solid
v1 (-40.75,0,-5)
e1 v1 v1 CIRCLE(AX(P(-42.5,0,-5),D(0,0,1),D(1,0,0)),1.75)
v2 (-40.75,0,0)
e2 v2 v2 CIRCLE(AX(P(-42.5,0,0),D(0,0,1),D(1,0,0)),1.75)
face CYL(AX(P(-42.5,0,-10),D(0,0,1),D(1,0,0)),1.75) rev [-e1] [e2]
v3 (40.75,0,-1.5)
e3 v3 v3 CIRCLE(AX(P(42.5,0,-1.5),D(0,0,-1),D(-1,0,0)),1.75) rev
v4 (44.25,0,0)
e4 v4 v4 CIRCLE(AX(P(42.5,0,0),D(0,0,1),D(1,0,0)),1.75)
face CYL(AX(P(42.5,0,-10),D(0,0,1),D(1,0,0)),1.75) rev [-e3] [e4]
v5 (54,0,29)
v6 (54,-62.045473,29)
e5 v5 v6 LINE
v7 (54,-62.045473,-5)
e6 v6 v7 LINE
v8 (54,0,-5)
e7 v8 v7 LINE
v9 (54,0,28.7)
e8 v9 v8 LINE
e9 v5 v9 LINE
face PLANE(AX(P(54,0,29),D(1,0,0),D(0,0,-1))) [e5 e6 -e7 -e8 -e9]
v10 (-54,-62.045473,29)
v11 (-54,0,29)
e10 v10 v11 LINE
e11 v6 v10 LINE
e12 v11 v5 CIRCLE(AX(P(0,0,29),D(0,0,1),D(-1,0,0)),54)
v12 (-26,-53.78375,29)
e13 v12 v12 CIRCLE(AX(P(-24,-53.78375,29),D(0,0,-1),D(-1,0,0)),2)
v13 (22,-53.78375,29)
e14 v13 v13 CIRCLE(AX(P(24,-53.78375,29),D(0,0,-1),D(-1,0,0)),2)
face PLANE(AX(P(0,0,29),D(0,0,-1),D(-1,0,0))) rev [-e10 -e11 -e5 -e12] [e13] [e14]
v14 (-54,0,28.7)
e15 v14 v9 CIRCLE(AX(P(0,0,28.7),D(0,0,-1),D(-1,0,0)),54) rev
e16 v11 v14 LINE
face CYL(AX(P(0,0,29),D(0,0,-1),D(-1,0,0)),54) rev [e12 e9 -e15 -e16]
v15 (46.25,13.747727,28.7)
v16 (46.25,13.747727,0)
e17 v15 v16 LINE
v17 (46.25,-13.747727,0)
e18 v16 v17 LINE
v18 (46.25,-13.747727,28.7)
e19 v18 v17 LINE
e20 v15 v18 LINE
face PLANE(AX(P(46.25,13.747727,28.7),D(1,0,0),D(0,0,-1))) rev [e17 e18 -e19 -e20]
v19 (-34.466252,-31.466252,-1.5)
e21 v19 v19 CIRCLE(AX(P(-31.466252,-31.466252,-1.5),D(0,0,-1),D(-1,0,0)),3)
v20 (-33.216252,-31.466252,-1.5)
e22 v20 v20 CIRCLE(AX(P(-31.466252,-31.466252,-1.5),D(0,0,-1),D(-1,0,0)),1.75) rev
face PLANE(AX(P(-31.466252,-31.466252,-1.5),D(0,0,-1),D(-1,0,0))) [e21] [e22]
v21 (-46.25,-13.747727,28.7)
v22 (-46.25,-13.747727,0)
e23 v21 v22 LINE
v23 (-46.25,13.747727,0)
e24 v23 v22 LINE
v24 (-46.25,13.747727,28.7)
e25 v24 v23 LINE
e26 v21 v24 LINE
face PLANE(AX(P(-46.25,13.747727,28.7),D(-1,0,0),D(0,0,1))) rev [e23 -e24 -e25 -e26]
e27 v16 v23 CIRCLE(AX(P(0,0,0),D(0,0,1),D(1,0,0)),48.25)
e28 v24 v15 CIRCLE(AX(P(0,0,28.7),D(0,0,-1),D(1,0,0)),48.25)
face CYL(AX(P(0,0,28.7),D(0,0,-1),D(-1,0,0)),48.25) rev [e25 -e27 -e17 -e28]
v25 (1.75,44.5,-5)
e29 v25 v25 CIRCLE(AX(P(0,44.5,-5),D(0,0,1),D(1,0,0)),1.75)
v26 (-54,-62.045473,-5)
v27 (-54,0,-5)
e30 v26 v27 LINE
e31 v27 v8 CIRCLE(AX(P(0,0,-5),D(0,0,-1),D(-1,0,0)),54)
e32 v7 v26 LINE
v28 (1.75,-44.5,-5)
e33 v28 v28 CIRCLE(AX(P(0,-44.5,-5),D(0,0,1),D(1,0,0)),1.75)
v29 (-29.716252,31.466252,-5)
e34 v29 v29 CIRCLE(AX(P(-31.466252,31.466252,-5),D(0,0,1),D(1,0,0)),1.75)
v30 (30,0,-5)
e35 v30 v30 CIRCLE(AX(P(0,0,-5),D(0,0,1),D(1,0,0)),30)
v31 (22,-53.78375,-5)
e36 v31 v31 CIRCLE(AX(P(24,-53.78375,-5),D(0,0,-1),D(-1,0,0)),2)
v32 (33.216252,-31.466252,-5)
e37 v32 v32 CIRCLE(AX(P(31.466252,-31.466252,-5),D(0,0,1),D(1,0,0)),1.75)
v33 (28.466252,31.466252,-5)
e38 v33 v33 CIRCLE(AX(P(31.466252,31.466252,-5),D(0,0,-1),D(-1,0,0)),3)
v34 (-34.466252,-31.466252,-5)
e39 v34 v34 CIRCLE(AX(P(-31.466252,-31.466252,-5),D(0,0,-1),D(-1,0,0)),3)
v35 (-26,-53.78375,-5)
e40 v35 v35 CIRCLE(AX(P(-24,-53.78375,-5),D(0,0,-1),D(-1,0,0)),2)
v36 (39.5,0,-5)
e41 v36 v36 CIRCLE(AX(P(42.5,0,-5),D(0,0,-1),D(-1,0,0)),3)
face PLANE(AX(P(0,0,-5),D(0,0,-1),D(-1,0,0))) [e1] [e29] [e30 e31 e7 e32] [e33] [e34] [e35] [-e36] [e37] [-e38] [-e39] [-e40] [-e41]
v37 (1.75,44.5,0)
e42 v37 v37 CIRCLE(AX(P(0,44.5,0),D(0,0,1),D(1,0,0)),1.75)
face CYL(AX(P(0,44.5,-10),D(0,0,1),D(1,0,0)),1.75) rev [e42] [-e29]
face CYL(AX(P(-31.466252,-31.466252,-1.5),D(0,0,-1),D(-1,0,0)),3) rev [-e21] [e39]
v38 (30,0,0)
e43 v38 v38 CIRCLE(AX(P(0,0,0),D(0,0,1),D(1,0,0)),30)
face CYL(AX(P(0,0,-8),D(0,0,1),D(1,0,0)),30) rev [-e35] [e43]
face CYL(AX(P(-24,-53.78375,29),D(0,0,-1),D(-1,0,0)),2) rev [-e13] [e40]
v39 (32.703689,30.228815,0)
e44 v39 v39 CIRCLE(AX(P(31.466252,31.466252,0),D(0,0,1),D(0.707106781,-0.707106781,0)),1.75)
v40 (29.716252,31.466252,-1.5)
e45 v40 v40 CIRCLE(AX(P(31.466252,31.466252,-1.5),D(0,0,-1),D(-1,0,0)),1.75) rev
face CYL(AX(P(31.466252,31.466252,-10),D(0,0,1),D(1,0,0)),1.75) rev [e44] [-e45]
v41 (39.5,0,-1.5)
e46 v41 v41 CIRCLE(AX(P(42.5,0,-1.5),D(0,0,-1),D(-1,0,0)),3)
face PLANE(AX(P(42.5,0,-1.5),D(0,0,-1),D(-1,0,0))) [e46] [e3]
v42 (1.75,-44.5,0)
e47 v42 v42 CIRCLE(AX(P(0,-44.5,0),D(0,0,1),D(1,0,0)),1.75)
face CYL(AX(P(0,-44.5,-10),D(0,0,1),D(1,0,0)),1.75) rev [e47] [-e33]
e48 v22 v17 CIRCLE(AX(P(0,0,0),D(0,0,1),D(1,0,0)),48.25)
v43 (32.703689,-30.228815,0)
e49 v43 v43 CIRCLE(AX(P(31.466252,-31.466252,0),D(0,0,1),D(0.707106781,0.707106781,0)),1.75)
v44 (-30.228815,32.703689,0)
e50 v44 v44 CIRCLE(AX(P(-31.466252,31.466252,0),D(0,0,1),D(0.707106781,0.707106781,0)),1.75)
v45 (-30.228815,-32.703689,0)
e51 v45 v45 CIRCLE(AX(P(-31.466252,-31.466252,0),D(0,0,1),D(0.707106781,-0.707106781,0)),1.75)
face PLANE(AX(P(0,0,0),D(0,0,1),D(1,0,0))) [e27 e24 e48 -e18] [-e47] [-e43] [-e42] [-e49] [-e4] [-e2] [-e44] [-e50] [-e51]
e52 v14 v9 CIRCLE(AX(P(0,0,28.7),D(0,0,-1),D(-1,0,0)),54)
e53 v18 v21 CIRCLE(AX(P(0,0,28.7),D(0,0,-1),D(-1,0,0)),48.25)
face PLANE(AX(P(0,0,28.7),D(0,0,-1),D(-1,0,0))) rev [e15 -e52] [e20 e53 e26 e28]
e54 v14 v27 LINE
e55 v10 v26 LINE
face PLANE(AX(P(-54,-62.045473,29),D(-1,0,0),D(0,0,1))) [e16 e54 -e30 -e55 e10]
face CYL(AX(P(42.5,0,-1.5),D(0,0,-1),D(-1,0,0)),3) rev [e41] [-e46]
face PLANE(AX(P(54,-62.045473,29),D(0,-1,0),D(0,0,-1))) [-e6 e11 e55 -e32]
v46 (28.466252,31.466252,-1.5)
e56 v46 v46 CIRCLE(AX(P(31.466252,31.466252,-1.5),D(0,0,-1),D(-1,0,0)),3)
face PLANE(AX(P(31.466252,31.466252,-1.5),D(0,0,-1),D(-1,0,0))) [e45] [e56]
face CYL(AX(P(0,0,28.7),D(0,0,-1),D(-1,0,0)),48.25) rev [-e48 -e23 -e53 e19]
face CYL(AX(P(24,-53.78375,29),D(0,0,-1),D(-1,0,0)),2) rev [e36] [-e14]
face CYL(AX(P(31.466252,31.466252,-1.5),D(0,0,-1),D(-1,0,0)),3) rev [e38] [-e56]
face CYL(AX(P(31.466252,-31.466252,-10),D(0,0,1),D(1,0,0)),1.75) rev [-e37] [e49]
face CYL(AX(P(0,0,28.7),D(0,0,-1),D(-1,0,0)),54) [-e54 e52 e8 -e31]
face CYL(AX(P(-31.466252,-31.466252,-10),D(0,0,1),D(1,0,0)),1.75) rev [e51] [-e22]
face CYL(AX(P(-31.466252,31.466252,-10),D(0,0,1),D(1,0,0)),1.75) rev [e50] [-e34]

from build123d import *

# Parameters (mm, degrees)
SKETCH1_R           = 48.25
BOSS_EXTRUDE1_DEPTH = 5
SKETCH2_W           = 17.162038191
SKETCH2_H           = 56.822210482
SKETCH2_W_2         = 16.152506533
SKETCH2_H_2         = 65.186901365
CUT_EXTRUDE1_DEPTH  = 8
SKETCH3_R           = 30
CUT_EXTRUDE2_DEPTH  = 8
SKETCH4_R           = 1.75
CUT_EXTRUDE3_DEPTH  = 10
SKETCH6_R           = 1.75
CUT_EXTRUDE4_DEPTH  = 10
CIRPATTERN2_COUNT   = 2
CIRPATTERN2_ANGLE   = 45
CIRPATTERN3_COUNT   = 2
CIRPATTERN3_ANGLE   = 45
SKETCH7_R           = 1.75
CUT_EXTRUDE5_DEPTH  = 10
CIRPATTERN4_COUNT   = 2
CIRPATTERN4_ANGLE   = 45
CIRPATTERN5_COUNT   = 2
CIRPATTERN5_ANGLE   = 315
SKETCH8_R           = 54
BOSS_EXTRUDE3_DEPTH = 33.7
SKETCH10_R          = 3
CUT_EXTRUDE6_DEPTH  = 3.5
SKETCH12_R          = 3
CUT_EXTRUDE7_DEPTH  = 3.5
SKETCH11_R          = 3
CUT_EXTRUDE8_DEPTH  = 3.5
BOSS_EXTRUDE4_DEPTH = 34
SKETCH14_R          = 2
CUT_EXTRUDE9_DEPTH  = 34


with BuildPart() as part:
    # Sketch1 → Boss-Extrude1 (new body)
    with BuildSketch(Plane.XY):
        Circle(SKETCH1_R)
    extrude(amount=-BOSS_EXTRUDE1_DEPTH)

    # Sketch2 → Cut-Extrude1 (cut)
    with BuildSketch(Plane.XY):
        with Locations((-54.831019095, 0)):
            Rectangle(SKETCH2_W, SKETCH2_H)
        with Locations((54.326253267, -4.182345442)):
            Rectangle(SKETCH2_W_2, SKETCH2_H_2)
    extrude(amount=-CUT_EXTRUDE1_DEPTH, mode=Mode.SUBTRACT)

    # Sketch3 → Cut-Extrude2 (cut)
    with BuildSketch(Plane.XY):
        Circle(SKETCH3_R)
    extrude(amount=-CUT_EXTRUDE2_DEPTH, mode=Mode.SUBTRACT)

    # Sketch4 → Cut-Extrude3 (cut)
    with BuildSketch(Plane.XY):
        with Locations((-42.5, 0)):
            Circle(SKETCH4_R)
        with Locations((42.5, 0)):
            Circle(SKETCH4_R)
    extrude(amount=-CUT_EXTRUDE3_DEPTH, mode=Mode.SUBTRACT)

    # Sketch6 → Cut-Extrude4 (cut)
    with BuildSketch(Plane.XY):
        with Locations((0, 44.5)):
            Circle(SKETCH6_R)
    cut_extrude4 = extrude(amount=-CUT_EXTRUDE4_DEPTH, mode=Mode.SUBTRACT)

    # CirPattern2: Cut-Extrude4 ×2 about axis
    cirpattern2_axis = Axis((0, 0, -8), (0, 0, 1))
    for i in range(1, CIRPATTERN2_COUNT):
        add(cut_extrude4.rotate(cirpattern2_axis, i * CIRPATTERN2_ANGLE / (CIRPATTERN2_COUNT - 1)), mode=Mode.SUBTRACT)

    # CirPattern3: Cut-Extrude4 ×2 about axis
    cirpattern3_axis = Axis((0, 0, -8), (0, 0, -1))
    for i in range(1, CIRPATTERN3_COUNT):
        add(cut_extrude4.rotate(cirpattern3_axis, i * CIRPATTERN3_ANGLE / (CIRPATTERN3_COUNT - 1)), mode=Mode.SUBTRACT)

    # Sketch7 → Cut-Extrude5 (cut)
    with BuildSketch(Plane.XY):
        with Locations((0, -44.5)):
            Circle(SKETCH7_R)
    cut_extrude5 = extrude(amount=-CUT_EXTRUDE5_DEPTH, mode=Mode.SUBTRACT)

    # CirPattern4: Cut-Extrude5 ×2 about axis
    cirpattern4_axis = Axis((0, 0, -8), (0, 0, 1))
    for i in range(1, CIRPATTERN4_COUNT):
        add(cut_extrude5.rotate(cirpattern4_axis, i * CIRPATTERN4_ANGLE / (CIRPATTERN4_COUNT - 1)), mode=Mode.SUBTRACT)

    # CirPattern5: Cut-Extrude5 ×2 about axis
    cirpattern5_axis = Axis((0, 0, -8), (0, 0, 1))
    for i in range(1, CIRPATTERN5_COUNT):
        add(cut_extrude5.rotate(cirpattern5_axis, i * CIRPATTERN5_ANGLE / (CIRPATTERN5_COUNT - 1)), mode=Mode.SUBTRACT)

    # Sketch10 → Cut-Extrude6 (cut)
    with BuildSketch(Plane(origin=(0, 0, -5), x_dir=(-1, 0, 0), z_dir=(0, 0, -1))):
        with Locations((-31.466251763, 31.466251763)):
            Circle(SKETCH10_R)
    extrude(amount=-CUT_EXTRUDE6_DEPTH, mode=Mode.SUBTRACT)

    # Sketch12 → Cut-Extrude7 (cut)
    with BuildSketch(Plane(origin=(0, 0, -5), x_dir=(-1, 0, 0), z_dir=(0, 0, -1))):
        with Locations((-42.5, 0)):
            Circle(SKETCH12_R)
    extrude(amount=-CUT_EXTRUDE7_DEPTH, mode=Mode.SUBTRACT)

    # Sketch11 → Cut-Extrude8 (cut)
    with BuildSketch(Plane(origin=(0, 0, -5), x_dir=(-1, 0, 0), z_dir=(0, 0, -1))):
        with Locations((31.466251763, -31.466251763)):
            Circle(SKETCH11_R)
    extrude(amount=-CUT_EXTRUDE8_DEPTH, mode=Mode.SUBTRACT)


with BuildPart() as body_2:
    # Sketch8 → Boss-Extrude3 (new body)
    with BuildSketch(Plane(origin=(0, 0, -5), x_dir=(-1, 0, 0), z_dir=(0, 0, -1))):
        Circle(SKETCH8_R)
        with BuildLine():
            Line((-46.25, 13.747727085), (-46.25, -13.747727085))
            ThreePointArc((-46.25, -13.747727085), (0, -48.25), (46.25, -13.747727085))
            Line((46.25, -13.747727085), (46.25, 13.747727085))
            ThreePointArc((46.25, 13.747727085), (0, 48.25), (-46.25, 13.747727085))
        make_face(mode=Mode.SUBTRACT)
    extrude(amount=-BOSS_EXTRUDE3_DEPTH)


    add(part.part)  # Boss-Extrude4 merges part
    # Sketch13 → Boss-Extrude4 (add)
    with BuildSketch(Plane(origin=(0, 0, -5), x_dir=(-1, 0, 0), z_dir=(0, 0, -1))):
        with BuildLine():
            Line((-54, 0), (-54, -62.045472978))
            Line((-54, -62.045472978), (54, -62.045472978))
            Line((54, -62.045472978), (54, 0))
            ThreePointArc((54, 0), (0, -54), (-54, 0))
        make_face()
    extrude(amount=-BOSS_EXTRUDE4_DEPTH)

    # Sketch14 → Cut-Extrude9 (cut)
    with BuildSketch(Plane(origin=(0, 0, -5), x_dir=(-1, 0, 0), z_dir=(0, 0, -1))):
        with Locations((-24, -53.783750327)):
            Circle(SKETCH14_R)
        with Locations((24, -53.783750327)):
            Circle(SKETCH14_R)
    extrude(amount=-CUT_EXTRUDE9_DEPTH, mode=Mode.SUBTRACT)


solid = body_2.part
